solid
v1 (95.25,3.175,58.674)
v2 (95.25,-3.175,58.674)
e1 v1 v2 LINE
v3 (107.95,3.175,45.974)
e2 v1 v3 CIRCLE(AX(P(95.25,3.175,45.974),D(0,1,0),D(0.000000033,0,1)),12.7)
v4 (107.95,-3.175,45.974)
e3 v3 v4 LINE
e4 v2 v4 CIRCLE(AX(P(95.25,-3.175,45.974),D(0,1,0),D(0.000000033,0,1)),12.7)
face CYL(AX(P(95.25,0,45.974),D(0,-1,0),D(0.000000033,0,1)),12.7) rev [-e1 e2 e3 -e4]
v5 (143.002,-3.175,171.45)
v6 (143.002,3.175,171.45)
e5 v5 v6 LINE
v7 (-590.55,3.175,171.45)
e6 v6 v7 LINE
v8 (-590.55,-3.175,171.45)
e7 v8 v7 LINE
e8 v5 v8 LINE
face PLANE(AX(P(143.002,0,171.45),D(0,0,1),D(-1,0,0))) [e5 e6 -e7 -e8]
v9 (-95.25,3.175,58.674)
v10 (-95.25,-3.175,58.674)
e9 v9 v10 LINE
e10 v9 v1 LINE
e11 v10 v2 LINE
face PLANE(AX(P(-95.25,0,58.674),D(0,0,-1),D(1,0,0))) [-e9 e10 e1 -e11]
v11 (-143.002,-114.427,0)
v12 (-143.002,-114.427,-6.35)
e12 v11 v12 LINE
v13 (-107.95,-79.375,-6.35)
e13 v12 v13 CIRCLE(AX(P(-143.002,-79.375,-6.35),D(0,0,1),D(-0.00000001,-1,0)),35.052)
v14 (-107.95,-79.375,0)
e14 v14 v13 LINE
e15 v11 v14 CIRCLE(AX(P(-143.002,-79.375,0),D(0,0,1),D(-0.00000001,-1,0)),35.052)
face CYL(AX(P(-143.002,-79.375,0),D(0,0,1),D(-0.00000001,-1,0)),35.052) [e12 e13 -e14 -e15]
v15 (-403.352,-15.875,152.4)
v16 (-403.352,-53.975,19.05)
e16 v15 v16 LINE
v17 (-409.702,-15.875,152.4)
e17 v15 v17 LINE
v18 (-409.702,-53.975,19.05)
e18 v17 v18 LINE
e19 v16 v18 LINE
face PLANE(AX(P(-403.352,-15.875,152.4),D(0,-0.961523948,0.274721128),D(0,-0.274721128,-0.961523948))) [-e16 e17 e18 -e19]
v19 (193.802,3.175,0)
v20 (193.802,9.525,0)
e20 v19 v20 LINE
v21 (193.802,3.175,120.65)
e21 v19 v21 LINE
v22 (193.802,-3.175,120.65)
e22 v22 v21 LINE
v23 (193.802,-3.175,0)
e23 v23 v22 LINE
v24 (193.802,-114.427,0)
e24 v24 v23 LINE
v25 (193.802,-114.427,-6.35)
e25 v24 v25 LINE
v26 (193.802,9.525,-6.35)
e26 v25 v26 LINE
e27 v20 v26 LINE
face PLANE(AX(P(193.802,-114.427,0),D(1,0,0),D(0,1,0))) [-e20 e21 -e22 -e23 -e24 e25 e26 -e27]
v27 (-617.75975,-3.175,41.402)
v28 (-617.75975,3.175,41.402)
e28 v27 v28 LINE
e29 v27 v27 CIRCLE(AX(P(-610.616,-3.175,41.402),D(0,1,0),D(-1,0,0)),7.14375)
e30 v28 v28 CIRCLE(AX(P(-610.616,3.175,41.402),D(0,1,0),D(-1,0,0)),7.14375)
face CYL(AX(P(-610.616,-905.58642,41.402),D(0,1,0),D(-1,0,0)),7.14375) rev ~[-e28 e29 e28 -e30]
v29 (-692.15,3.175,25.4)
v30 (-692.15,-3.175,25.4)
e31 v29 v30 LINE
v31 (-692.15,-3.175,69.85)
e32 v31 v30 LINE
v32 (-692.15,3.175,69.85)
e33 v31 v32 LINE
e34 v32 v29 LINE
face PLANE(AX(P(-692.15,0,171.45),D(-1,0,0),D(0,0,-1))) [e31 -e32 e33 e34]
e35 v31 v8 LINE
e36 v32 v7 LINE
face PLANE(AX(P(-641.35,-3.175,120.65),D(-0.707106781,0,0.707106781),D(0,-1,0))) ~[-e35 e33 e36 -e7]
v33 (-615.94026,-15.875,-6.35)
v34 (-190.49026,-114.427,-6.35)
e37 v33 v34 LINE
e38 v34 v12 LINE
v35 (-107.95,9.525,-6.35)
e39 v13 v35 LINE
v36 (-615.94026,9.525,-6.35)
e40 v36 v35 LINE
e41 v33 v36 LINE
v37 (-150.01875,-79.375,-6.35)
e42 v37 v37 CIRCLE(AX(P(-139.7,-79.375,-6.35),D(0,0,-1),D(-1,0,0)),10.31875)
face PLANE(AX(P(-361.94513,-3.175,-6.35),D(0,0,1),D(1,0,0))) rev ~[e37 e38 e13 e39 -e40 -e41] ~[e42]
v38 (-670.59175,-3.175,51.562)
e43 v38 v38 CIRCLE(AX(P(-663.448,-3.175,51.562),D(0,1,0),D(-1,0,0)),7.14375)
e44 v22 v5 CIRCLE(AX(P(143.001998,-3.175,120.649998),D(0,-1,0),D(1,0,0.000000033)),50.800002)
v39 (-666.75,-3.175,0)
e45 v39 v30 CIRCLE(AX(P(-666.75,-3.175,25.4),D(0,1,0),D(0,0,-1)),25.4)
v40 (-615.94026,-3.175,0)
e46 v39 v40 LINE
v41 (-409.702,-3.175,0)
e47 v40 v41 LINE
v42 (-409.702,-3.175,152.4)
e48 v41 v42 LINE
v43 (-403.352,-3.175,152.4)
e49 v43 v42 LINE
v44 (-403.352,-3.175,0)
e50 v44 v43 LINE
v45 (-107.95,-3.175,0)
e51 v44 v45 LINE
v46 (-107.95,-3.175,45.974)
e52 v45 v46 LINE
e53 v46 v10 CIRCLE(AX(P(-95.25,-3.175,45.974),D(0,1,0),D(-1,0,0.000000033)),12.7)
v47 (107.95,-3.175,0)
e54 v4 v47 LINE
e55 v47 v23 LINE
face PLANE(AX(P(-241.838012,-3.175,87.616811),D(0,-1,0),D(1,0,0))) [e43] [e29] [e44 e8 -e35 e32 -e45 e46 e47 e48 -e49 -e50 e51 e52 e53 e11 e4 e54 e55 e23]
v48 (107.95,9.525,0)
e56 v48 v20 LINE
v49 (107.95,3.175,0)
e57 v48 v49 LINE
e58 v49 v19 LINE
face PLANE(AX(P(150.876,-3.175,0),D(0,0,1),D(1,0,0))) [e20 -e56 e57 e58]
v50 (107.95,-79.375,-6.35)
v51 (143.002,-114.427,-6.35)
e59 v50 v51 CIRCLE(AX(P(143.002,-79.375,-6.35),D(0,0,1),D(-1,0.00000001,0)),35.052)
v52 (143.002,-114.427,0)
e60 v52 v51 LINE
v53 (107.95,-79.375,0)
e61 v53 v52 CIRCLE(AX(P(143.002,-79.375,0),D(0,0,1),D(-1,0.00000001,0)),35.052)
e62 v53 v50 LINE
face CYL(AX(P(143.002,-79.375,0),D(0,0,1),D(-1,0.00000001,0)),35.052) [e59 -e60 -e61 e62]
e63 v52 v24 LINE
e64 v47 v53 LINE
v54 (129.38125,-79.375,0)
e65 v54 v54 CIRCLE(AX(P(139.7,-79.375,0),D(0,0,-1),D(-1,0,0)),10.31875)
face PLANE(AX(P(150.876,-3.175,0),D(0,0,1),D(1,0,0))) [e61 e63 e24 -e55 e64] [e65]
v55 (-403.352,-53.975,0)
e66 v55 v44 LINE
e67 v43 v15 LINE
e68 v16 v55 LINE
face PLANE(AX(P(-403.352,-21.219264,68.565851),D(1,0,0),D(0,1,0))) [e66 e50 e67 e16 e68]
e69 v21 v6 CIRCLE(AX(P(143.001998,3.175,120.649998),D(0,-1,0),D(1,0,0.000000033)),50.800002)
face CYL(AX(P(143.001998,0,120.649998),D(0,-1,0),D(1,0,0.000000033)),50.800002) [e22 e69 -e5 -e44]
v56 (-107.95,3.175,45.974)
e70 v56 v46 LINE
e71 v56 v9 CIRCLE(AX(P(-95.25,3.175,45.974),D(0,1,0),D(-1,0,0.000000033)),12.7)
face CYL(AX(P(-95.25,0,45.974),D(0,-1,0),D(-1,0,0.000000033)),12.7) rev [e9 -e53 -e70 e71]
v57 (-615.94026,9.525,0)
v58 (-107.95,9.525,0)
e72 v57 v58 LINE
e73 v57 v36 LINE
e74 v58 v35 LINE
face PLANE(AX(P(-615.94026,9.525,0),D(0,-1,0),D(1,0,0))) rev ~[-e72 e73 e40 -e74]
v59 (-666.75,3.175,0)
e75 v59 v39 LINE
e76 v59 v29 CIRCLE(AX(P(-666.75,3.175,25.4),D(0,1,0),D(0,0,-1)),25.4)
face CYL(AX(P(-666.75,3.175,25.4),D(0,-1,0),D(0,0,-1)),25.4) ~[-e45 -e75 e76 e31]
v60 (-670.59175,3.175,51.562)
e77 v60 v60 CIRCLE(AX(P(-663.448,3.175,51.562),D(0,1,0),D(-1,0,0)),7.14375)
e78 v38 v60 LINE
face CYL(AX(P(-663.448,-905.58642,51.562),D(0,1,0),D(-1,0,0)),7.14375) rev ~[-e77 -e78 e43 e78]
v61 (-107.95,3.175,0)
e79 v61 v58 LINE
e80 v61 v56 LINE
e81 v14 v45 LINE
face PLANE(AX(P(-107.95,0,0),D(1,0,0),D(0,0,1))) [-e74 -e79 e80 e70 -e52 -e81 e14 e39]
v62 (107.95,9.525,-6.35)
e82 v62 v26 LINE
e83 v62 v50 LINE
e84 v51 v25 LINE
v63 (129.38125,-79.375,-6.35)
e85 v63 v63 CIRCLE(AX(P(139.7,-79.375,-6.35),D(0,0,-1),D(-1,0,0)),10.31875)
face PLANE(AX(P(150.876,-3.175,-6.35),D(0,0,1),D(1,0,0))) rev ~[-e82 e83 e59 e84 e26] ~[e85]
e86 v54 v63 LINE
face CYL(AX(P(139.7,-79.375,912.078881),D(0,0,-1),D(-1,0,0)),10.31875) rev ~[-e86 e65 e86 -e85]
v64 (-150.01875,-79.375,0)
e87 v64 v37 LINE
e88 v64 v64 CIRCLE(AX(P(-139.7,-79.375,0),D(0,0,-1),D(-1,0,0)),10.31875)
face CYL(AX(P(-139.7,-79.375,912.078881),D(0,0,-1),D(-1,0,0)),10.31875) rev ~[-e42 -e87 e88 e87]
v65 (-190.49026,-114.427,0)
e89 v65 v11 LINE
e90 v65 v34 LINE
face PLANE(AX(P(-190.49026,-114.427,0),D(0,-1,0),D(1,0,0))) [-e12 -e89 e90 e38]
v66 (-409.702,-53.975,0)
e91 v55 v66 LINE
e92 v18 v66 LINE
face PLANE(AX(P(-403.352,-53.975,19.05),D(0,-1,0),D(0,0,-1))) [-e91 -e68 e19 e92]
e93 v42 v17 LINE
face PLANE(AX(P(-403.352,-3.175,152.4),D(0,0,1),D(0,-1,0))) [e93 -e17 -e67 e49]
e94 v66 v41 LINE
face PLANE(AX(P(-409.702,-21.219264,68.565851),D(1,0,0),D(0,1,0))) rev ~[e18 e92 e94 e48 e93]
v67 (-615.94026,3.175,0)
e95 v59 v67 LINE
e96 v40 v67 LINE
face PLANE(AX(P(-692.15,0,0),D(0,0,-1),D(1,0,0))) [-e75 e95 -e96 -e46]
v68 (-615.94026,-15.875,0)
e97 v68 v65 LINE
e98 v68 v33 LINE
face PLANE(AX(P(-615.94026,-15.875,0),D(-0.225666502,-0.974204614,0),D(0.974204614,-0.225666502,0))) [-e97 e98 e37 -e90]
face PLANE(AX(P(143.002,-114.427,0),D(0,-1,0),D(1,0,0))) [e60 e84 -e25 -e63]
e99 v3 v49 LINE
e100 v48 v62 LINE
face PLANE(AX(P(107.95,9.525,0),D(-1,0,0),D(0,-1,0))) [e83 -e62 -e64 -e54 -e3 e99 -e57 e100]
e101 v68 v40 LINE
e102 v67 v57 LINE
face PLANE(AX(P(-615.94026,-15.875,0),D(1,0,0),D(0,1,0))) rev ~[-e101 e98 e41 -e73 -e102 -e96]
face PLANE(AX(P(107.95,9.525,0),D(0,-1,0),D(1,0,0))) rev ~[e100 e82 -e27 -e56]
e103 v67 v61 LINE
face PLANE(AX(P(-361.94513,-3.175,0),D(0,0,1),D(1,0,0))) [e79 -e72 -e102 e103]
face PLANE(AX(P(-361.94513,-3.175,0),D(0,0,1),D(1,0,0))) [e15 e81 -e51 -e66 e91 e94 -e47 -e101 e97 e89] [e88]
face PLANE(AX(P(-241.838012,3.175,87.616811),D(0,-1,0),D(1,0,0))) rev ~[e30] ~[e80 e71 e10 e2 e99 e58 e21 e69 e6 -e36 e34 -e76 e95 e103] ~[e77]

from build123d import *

# Parameters (mm, degrees)
F1_DEPTH  = 3.175
F2_SIZE   = 101.6
F4_D      = 14.2875
F5_W      = 85.852
F5_H      = 25.4
F5_W_2    = 507.99026
F6_DEPTH  = 6.35
F8_D      = 20.6375
F11_DEPTH = 6.35
F12_R     = 25.4


with BuildPart() as f1:
    # F0 (on Front) → F1 (new body, symmetric)
    with BuildSketch(Plane.XZ):
        with BuildLine():
            Line((-692.15, 171.45), (-692.15, 0))
            Line((-692.15, 0), (-107.95, 0))
            Line((-107.95, 0), (-107.95, 45.974))
            ThreePointArc((-107.95, 45.974), (-104.230256, 54.954256), (-95.25, 58.674))
            Line((-95.25, 58.674), (95.25, 58.674))
            ThreePointArc((95.25, 58.674), (104.230256, 54.954256), (107.95, 45.974))
            Line((107.95, 45.974), (107.95, 0))
            Line((107.95, 0), (193.802, 0))
            Line((193.802, 0), (193.802, 120.65))
            ThreePointArc((193.802, 120.65), (178.923024, 156.571024), (143.002, 171.45))
            Line((143.002, 171.45), (-692.15, 171.45))
        make_face()
    extrude(amount=F1_DEPTH, both=True)

    # F2
    f2_edges = [f1.edges().sort_by_distance(p)[0] for p in [
        (-692.15, 0, 171.45),
    ]]
    chamfer(f2_edges, length=F2_SIZE)

    # F4 (through all)
    with Locations(Plane.XZ.offset(3.175)):
        with Locations((-610.616, 41.402), (-663.448, 51.562)):
            Hole(F4_D / 2)

    # F5 (on Top) → F6 (join)
    with BuildSketch(Plane.XY):
        with Locations((150.876, -3.175)):
            Rectangle(F5_W, F5_H)
        with Locations((-361.94513, -3.175)):
            Rectangle(F5_W_2, F5_H)
        with BuildLine():
            Line((-107.95, -15.875), (-615.94026, -15.875))
            Line((-615.94026, -15.875), (-190.49026, -114.427))
            Line((-190.49026, -114.427), (-143.002, -114.427))
            ThreePointArc((-143.002, -114.427), (-118.216493, -104.160507), (-107.95, -79.375))
            Line((-107.95, -79.375), (-107.95, -15.875))
        make_face()
        with BuildLine():
            Line((193.802, -15.875), (107.95, -15.875))
            Line((107.95, -15.875), (107.95, -79.375))
            ThreePointArc((107.95, -79.375), (118.216493, -104.160507), (143.002, -114.427))
            Line((143.002, -114.427), (193.802, -114.427))
            Line((193.802, -114.427), (193.802, -15.875))
        make_face()
    extrude(amount=-F6_DEPTH)

    # F8 (through all)
    with Locations(Plane.XY):
        with Locations((-139.7, -79.375), (139.7, -79.375)):
            Hole(F8_D / 2)

    # F10 (on offset) → F11 (join)
    with BuildSketch(Plane.YZ.offset(-403.352)):
        Polygon((-53.975, 0), (-3.175, 0), (-3.175, 152.4), (-15.875, 152.4), (-53.975, 19.05), align=None)
    extrude(amount=-F11_DEPTH)

    # F12
    f12_edges = [f1.edges().sort_by_distance(p)[0] for p in [
        (-692.15, 0, 0),
    ]]
    fillet(f12_edges, radius=F12_R)


solid = f1.part
